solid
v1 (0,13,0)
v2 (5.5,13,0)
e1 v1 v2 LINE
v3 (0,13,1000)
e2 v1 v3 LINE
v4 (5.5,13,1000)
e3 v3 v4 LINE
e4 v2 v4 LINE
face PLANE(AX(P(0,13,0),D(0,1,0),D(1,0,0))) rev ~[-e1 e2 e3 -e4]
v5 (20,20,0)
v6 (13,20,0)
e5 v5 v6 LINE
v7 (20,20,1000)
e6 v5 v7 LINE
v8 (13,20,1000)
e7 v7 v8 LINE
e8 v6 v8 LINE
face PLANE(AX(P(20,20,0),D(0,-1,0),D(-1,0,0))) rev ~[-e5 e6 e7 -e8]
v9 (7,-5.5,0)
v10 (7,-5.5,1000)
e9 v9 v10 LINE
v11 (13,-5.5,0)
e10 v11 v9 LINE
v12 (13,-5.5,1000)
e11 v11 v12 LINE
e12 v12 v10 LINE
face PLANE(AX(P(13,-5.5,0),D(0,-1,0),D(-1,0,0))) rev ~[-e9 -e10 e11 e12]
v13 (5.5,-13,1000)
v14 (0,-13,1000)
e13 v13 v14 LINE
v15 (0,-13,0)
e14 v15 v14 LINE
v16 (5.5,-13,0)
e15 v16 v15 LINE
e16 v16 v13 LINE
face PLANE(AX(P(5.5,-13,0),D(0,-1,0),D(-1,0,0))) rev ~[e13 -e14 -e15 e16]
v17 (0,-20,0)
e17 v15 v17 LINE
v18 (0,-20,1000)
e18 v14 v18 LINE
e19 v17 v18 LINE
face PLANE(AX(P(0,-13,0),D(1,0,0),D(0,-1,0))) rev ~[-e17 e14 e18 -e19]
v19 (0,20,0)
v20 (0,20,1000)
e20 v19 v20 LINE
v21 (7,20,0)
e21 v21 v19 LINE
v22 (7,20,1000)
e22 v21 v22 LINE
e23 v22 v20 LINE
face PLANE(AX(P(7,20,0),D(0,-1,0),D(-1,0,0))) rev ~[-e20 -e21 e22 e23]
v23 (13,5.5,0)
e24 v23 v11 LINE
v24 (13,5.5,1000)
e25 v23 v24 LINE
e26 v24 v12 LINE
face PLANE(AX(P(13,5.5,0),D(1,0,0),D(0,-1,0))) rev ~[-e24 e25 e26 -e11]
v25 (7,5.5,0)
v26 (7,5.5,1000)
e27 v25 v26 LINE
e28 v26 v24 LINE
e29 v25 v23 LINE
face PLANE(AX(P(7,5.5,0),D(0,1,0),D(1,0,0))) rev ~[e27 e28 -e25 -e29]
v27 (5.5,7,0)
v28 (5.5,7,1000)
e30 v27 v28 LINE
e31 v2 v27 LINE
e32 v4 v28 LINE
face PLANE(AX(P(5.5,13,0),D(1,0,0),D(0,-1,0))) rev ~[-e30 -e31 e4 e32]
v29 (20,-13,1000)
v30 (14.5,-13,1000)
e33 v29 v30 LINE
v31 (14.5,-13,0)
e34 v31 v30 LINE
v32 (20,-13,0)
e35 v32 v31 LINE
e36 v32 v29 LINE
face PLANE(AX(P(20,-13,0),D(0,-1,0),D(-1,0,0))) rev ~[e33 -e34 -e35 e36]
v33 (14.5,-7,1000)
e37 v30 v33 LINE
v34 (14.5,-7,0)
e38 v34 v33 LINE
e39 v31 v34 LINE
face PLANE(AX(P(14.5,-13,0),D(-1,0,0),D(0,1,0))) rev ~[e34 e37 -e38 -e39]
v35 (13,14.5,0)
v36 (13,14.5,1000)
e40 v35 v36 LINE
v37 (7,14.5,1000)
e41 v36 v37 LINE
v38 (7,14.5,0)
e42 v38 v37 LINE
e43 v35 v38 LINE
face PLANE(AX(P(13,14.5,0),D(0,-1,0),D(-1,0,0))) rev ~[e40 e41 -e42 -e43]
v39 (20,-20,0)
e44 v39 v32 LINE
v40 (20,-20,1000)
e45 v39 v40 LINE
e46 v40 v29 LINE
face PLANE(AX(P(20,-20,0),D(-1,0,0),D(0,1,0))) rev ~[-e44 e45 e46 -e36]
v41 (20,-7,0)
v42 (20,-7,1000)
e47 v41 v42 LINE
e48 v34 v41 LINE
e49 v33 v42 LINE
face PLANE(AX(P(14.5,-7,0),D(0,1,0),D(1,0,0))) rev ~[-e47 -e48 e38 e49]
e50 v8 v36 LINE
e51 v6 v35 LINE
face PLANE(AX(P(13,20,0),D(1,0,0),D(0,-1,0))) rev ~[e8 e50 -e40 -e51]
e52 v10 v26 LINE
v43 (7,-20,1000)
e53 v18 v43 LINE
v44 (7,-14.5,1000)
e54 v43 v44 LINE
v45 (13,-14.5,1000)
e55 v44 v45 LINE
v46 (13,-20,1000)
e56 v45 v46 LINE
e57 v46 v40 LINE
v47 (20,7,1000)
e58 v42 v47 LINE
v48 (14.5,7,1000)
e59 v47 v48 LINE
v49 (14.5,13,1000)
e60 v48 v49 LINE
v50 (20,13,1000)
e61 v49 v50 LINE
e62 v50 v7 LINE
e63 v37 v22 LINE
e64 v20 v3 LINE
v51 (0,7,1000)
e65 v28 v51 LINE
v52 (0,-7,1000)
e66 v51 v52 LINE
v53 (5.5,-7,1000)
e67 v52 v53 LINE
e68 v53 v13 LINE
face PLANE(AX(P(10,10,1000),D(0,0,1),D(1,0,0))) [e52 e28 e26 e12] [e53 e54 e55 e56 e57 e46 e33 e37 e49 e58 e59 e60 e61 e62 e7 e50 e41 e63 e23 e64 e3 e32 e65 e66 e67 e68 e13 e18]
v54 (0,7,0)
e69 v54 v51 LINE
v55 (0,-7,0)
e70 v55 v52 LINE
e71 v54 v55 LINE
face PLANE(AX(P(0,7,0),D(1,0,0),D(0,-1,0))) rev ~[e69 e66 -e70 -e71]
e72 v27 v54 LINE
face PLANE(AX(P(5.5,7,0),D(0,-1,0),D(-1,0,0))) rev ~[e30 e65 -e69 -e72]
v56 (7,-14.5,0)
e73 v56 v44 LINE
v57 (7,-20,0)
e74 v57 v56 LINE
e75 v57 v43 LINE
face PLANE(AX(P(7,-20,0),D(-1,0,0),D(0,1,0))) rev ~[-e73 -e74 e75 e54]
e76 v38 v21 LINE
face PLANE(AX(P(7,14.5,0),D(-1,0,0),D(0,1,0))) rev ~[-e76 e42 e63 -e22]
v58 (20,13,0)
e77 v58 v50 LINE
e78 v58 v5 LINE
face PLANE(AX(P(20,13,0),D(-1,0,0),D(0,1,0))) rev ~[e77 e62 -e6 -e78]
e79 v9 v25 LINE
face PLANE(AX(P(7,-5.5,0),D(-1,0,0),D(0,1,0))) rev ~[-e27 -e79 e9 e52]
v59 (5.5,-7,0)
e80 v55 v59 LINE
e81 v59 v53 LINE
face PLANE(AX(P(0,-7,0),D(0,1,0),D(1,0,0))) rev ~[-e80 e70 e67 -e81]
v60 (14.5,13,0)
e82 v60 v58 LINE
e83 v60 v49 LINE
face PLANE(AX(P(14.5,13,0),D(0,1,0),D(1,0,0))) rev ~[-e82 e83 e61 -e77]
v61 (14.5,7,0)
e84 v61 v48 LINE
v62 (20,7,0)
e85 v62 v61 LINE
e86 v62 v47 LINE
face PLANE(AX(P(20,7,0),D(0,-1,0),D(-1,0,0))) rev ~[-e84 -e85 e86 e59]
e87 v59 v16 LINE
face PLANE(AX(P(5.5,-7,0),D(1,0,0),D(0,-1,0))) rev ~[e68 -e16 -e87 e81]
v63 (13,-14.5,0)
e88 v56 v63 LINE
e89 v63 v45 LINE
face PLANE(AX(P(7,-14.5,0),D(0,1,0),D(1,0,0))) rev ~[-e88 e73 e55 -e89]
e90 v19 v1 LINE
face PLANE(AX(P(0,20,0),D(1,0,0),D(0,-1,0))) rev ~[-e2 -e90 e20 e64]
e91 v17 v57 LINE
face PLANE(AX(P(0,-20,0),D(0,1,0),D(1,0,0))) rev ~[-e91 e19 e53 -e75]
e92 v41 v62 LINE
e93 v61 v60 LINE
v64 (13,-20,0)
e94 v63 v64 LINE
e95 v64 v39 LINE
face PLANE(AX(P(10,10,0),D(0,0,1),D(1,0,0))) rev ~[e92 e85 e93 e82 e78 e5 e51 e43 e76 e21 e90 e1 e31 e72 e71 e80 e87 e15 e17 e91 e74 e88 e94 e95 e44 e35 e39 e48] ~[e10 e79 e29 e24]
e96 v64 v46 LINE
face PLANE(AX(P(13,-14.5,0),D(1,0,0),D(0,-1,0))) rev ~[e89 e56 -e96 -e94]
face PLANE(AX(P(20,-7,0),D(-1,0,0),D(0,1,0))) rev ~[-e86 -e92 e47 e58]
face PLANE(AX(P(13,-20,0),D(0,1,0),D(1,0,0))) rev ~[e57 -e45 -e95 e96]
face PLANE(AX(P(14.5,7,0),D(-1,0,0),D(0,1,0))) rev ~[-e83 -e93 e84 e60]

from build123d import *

# Parameters (mm, degrees)
F1_DEPTH = 1000


with BuildPart() as f1:
    # F0 (on Top) → F1 (new body)
    with BuildSketch(Plane.XY):
        Polygon((0, 7), (0, 0), (7, 0), (7, 5.5), (13, 5.5), (13, 0), (20, 0), (20, 7), (14.5, 7), (14.5, 13), (20, 13), (20, 20), (13, 20), (13, 14.5), (7, 14.5), (7, 20), (0, 20), (0, 13), (5.5, 13), (5.5, 7), align=None)
        Polygon((7, 0), (0, 0), (0, -7), (5.5, -7), (5.5, -13), (0, -13), (0, -20), (7, -20), (7, -14.5), (13, -14.5), (13, -20), (20, -20), (20, -13), (14.5, -13), (14.5, -7), (20, -7), (20, 0), (13, 0), (13, -5.5), (7, -5.5), align=None)
    extrude(amount=F1_DEPTH)


solid = f1.part
